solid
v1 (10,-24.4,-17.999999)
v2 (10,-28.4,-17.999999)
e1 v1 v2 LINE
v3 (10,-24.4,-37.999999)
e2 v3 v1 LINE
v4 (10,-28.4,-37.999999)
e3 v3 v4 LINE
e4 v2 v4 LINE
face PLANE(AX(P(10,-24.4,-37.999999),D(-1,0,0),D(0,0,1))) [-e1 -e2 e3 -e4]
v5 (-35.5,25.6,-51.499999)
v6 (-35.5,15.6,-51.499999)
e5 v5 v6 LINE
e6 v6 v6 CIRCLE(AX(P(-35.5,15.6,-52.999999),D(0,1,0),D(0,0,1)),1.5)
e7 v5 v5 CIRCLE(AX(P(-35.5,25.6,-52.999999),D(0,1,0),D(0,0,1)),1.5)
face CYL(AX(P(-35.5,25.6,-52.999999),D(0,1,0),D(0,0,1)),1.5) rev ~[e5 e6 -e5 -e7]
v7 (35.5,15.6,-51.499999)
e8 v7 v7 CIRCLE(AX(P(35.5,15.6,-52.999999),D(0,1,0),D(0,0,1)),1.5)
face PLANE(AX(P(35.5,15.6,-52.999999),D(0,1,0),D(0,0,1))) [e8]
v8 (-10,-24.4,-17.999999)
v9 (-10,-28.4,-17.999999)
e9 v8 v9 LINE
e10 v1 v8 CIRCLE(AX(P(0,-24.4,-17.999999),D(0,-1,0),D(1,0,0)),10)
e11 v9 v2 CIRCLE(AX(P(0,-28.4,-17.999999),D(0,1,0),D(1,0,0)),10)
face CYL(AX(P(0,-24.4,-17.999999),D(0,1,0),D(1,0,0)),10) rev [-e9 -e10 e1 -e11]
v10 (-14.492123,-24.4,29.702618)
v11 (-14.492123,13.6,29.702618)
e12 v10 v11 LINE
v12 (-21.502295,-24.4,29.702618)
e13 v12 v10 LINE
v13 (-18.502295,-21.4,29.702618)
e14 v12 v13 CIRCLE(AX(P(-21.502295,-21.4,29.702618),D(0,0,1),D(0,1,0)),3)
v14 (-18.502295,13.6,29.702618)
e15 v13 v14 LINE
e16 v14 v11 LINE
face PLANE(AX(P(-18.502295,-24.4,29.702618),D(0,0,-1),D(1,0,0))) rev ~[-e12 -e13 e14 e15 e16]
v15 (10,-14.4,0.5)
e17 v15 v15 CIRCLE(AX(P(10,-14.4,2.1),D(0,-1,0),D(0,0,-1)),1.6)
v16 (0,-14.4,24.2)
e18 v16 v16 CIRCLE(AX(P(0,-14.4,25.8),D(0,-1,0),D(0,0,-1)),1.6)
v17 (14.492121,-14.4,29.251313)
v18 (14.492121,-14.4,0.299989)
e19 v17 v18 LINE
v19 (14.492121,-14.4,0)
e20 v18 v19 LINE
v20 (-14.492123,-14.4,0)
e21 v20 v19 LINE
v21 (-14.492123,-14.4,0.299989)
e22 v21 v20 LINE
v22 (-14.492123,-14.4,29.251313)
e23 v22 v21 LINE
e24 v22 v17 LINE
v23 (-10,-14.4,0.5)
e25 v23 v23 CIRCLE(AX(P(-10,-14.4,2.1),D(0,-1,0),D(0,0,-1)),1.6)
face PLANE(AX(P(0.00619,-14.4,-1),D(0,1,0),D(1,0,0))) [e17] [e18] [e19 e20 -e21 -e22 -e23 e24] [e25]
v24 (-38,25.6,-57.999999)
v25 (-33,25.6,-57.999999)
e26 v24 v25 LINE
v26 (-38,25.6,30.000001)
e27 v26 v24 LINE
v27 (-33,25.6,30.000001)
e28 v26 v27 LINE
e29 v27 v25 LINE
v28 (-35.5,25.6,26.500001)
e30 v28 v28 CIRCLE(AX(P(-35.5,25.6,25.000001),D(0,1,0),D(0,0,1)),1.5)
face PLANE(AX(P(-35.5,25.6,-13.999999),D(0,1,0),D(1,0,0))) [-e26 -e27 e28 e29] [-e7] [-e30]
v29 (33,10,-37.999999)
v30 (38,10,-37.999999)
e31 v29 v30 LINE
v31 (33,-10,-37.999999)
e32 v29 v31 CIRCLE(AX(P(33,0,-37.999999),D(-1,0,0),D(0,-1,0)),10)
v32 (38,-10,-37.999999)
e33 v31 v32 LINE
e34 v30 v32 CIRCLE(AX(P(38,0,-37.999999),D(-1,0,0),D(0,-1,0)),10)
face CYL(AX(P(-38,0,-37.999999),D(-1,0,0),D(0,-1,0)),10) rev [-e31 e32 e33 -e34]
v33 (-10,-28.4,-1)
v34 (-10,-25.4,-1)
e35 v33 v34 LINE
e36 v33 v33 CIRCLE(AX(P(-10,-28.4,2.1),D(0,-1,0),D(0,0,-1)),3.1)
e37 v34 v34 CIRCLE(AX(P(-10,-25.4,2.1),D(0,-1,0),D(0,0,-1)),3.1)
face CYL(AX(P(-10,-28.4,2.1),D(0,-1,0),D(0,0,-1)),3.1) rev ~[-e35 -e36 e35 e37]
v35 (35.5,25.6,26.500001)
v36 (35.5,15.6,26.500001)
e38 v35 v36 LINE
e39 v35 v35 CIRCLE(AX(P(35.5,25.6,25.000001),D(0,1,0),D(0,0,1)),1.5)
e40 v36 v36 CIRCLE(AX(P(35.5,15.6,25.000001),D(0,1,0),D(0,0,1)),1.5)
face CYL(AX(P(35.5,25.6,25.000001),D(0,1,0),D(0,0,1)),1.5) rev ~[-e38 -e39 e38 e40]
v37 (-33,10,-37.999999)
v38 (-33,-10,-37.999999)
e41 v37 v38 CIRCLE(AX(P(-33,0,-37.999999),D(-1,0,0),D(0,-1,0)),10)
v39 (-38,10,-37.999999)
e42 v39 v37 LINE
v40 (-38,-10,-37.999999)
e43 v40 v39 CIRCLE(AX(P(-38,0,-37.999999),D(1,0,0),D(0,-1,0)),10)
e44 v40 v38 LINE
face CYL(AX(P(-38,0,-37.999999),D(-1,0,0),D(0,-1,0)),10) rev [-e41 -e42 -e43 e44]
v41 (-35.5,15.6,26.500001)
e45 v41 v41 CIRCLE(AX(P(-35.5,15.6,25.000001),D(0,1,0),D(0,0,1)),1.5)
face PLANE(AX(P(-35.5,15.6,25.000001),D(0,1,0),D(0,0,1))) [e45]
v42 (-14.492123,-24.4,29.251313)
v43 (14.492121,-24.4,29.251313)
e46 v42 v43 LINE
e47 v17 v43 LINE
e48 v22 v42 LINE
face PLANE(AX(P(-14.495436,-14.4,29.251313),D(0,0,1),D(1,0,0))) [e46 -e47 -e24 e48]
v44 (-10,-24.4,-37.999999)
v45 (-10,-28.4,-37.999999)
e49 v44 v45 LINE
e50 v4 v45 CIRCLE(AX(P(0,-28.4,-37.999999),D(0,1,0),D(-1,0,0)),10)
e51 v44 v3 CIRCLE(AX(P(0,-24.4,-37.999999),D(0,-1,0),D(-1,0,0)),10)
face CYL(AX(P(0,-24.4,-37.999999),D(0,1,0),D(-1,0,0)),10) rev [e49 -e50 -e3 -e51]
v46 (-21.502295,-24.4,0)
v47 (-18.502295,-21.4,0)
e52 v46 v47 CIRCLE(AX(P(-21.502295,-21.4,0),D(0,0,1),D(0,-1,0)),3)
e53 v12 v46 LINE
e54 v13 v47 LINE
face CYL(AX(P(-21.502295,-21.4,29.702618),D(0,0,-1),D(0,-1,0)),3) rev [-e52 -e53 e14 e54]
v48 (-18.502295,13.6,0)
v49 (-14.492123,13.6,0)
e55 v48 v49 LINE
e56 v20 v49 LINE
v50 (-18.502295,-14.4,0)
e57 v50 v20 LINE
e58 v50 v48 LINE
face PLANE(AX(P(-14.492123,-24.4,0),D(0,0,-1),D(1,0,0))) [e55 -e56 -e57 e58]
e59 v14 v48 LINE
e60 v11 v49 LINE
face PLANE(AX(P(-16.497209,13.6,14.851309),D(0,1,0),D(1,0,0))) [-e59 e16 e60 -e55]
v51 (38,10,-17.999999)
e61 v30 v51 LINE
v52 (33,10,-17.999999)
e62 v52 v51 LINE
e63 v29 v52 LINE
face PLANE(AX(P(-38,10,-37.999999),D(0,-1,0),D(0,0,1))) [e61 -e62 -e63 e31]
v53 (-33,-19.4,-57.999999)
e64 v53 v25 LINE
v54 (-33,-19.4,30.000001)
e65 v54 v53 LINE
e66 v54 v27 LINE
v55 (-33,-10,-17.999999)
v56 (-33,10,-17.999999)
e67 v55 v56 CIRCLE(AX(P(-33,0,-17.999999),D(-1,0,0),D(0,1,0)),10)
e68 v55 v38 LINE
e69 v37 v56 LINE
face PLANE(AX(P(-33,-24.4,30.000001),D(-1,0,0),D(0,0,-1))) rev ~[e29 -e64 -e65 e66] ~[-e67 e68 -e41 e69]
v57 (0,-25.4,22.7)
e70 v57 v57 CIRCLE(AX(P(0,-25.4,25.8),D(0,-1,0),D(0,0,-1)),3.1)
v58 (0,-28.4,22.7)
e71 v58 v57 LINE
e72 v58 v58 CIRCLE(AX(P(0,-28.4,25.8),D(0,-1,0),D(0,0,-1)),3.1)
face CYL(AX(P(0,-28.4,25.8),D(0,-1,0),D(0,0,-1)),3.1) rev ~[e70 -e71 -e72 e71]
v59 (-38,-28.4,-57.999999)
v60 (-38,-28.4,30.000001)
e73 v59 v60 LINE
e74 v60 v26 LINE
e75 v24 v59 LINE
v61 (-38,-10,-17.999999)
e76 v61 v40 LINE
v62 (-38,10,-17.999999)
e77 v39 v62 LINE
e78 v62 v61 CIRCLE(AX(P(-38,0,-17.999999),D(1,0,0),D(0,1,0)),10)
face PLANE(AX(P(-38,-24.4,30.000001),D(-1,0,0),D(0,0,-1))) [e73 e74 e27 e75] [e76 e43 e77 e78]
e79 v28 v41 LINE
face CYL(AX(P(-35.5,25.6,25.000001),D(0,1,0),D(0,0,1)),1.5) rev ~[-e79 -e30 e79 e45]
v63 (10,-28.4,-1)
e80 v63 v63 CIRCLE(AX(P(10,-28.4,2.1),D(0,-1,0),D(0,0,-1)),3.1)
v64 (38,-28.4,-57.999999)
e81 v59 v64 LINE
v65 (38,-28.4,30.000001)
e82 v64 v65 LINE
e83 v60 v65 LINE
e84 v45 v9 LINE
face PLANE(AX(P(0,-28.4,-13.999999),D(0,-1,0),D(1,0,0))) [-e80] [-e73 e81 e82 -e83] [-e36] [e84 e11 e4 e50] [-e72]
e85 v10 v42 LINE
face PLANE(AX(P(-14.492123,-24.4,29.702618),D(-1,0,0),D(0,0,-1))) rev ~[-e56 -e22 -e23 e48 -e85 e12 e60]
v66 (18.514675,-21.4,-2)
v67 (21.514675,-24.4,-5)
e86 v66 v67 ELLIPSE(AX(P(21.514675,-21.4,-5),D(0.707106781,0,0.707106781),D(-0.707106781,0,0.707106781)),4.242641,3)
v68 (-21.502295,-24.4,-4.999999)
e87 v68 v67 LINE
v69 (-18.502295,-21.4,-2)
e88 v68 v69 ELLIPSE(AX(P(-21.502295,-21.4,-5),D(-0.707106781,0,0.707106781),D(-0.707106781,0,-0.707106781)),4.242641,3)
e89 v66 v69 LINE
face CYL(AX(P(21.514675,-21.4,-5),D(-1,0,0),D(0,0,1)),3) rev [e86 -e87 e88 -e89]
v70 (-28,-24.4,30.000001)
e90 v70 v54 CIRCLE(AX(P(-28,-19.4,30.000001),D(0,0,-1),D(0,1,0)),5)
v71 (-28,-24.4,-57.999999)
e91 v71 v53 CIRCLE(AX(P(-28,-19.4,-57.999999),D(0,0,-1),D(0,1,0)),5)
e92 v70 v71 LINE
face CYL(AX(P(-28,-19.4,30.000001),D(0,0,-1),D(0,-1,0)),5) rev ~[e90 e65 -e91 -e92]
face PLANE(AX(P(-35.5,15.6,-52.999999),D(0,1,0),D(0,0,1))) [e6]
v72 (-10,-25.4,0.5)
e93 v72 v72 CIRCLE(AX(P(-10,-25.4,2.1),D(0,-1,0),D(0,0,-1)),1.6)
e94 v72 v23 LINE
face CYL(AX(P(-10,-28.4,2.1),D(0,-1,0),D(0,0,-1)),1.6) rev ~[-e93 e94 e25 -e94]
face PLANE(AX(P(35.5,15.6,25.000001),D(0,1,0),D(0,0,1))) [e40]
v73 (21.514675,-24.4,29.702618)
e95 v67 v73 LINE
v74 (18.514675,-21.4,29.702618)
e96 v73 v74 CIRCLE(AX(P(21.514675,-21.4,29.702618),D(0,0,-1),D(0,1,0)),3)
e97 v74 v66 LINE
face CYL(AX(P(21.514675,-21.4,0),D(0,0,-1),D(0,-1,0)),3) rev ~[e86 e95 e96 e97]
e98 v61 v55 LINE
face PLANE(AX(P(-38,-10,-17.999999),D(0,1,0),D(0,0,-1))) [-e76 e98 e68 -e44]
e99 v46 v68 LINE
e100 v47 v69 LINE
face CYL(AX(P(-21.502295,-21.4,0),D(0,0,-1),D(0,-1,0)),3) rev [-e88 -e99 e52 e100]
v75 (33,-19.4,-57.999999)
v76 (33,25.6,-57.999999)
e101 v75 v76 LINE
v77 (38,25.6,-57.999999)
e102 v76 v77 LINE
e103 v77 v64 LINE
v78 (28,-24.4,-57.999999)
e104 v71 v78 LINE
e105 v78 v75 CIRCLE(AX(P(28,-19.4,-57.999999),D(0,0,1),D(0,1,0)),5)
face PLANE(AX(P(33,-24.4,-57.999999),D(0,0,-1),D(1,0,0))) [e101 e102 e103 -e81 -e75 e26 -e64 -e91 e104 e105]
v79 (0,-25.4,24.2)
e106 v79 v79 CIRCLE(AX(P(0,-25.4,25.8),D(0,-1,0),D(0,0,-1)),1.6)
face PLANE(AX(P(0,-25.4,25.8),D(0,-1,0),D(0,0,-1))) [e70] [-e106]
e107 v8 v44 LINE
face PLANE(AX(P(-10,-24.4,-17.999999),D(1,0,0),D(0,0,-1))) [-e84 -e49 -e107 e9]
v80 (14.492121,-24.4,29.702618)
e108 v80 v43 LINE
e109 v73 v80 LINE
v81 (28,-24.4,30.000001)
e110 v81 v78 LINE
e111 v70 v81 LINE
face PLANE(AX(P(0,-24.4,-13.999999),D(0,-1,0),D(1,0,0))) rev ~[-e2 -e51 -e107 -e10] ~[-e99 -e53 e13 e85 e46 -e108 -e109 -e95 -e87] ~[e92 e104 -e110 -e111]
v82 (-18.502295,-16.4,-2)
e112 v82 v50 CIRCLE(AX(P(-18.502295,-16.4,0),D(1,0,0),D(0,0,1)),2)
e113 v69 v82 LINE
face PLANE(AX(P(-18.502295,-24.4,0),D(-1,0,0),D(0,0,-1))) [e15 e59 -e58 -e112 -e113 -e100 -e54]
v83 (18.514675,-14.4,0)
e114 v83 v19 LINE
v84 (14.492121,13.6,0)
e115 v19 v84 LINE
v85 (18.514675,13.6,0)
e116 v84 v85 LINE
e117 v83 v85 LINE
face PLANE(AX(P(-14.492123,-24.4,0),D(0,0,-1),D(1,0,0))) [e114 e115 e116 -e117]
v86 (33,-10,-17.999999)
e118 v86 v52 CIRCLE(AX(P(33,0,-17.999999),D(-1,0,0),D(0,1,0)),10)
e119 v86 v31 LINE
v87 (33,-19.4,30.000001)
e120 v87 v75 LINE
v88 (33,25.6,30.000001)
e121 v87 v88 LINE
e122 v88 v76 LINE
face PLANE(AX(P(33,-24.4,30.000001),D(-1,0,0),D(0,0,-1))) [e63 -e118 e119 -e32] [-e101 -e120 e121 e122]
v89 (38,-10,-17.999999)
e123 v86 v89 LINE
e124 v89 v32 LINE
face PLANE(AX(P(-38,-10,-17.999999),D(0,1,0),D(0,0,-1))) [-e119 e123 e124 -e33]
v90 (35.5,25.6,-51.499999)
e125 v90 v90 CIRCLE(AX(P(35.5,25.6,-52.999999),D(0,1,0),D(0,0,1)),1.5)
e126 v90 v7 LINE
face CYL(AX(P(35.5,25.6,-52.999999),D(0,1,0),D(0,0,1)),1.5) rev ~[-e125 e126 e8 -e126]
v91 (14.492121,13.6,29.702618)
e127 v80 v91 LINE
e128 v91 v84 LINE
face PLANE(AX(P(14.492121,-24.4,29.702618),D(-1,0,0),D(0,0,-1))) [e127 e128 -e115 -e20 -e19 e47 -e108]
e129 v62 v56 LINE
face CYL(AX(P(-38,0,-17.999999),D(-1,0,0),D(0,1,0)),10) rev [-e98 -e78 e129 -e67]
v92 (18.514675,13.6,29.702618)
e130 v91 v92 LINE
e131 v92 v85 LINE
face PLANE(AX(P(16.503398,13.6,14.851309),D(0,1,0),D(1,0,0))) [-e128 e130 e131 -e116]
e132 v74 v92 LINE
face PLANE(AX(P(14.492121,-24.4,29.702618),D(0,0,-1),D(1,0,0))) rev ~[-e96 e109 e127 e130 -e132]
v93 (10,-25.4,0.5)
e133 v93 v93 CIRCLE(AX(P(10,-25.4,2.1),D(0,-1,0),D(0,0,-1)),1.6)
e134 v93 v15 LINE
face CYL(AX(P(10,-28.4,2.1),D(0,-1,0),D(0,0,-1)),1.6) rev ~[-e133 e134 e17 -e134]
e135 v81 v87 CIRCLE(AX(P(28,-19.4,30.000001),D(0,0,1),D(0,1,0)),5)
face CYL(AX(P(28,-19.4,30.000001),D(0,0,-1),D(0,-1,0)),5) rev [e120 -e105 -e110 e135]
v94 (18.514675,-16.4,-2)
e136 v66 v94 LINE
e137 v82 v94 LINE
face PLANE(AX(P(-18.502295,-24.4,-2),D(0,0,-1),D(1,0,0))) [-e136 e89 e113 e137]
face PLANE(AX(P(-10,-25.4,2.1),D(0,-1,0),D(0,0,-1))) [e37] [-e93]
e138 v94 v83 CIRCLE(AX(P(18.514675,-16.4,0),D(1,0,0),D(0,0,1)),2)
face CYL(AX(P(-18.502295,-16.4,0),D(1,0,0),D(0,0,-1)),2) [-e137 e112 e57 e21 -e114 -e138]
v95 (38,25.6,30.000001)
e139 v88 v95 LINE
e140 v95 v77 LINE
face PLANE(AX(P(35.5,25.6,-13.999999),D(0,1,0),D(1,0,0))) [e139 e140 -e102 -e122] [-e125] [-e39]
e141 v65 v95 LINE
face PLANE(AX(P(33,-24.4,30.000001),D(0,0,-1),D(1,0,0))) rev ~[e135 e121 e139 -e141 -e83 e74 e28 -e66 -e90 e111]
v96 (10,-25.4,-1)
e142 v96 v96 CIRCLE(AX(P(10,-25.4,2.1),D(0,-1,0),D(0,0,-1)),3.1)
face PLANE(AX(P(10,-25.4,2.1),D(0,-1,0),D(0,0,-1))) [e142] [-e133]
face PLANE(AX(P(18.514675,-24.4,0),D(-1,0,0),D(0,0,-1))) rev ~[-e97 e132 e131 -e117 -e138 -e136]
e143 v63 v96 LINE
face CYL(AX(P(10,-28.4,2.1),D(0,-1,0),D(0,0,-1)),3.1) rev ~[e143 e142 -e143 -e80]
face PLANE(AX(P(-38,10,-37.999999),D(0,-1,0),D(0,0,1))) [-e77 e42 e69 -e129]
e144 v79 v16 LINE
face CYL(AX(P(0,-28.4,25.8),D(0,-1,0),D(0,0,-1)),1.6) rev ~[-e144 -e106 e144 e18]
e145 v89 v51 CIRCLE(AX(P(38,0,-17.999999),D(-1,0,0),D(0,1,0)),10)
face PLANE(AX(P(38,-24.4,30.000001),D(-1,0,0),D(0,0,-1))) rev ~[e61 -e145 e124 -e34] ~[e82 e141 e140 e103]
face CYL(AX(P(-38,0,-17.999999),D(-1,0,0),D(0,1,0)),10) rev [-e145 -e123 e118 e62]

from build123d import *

# Parameters (mm, degrees)
SKETCH_6_W           = 28.99281841
SKETCH_6_H           = 28.951324053
EXTRUDE_2_DEPTH      = 10
SKETCH_8_W           = 76
SKETCH_8_H           = 88
EXTRUDE_3_DEPTH      = 4
SKETCH_4_R           = 1.55
CUT_EXTRUDE_2_DEPTH  = 15
SKETCH_5_R           = 1.55
CUT_EXTRUDE_3_DEPTH  = 15
SKETCH_10_W          = 4.022554567
SKETCH_10_H          = 29.702617941
EXTRUDE_9_DEPTH      = 38
SKETCH_11_W          = 4.010171553
SKETCH_11_H          = 29.702617961
EXTRUDE_10_DEPTH     = 38
SKETCH_14_W          = 5
SKETCH_14_H          = 88
EXTRUDE_14_DEPTH     = 50
SKETCH_15_W          = 5
SKETCH_15_H          = 88
EXTRUDE_15_DEPTH     = 50
SKETCH_21_R          = 1.4
CUT_EXTRUDE_8_DEPTH  = 8
CUT_EXTRUDE_9_DEPTH  = 80
CUT_EXTRUDE_11_DEPTH = 80
FILLET_1_R           = 5
FILLET_2_R           = 5
SKETCH_24_W          = 28.984243656
SKETCH_24_H          = 0.299988544
EXTRUDE_16_DEPTH     = 10
SKETCH_25_W          = 37.016969776
SKETCH_25_H          = 2
EXTRUDE_18_DEPTH     = 10
FILLET_7_R           = 2
FILLET_8_R           = 3
FILLET_9_R           = 3
FILLET_10_R          = 3
SKETCH_19_R          = 3.1
CUT_EXTRUDE_12_DEPTH = 3
SKETCH_27_R          = 1.5
CUT_EXTRUDE_13_DEPTH = 10
SKETCH_28_R          = 1.6
CUT_EXTRUDE_15_DEPTH = 15


with BuildPart() as part:
    # 草图6 → 凸台-拉伸2 (new body)
    with BuildSketch(Plane.XZ.offset(14.4)):
        with Locations((0.000972868, 14.775650571)):
            Rectangle(SKETCH_6_W, SKETCH_6_H)
    extrude(amount=EXTRUDE_2_DEPTH)

    # 草图8 → 凸台-拉伸3 (add)
    with BuildSketch(Plane.XZ.offset(24.4)):
        with Locations((1e-09, -13.999999049)):
            Rectangle(SKETCH_8_W, SKETCH_8_H)
    extrude(amount=EXTRUDE_3_DEPTH)

    # 草图4 → 切除-拉伸2 (cut)
    with BuildSketch(Plane.XZ.offset(14.4)):
        with Locations(Location((-10, 2.1, 0), (0, 0, 270))):
            Circle(SKETCH_4_R)
        with Locations(Location((10, 2.1, 0), (0, 0, 270))):
            Circle(SKETCH_4_R)
    extrude(amount=CUT_EXTRUDE_2_DEPTH, mode=Mode.SUBTRACT)

    # 草图5 → 切除-拉伸3 (cut)
    with BuildSketch(Plane.XZ.offset(14.4)):
        with Locations(Location((0, 25.8, 0), (0, 0, 270))):
            Circle(SKETCH_5_R)
    extrude(amount=CUT_EXTRUDE_3_DEPTH, mode=Mode.SUBTRACT)

    # 草图10 → 凸台-拉伸9 (add)
    with BuildSketch(Plane(origin=(0, -24.4, 0), x_dir=(1, 0, 0), z_dir=(0, 1, 0))):
        with Locations((16.503397967, -14.851308971)):
            Rectangle(SKETCH_10_W, SKETCH_10_H)
    extrude(amount=EXTRUDE_9_DEPTH)

    # 草图11 → 凸台-拉伸10 (add)
    with BuildSketch(Plane(origin=(0, -24.4, 0), x_dir=(1, 0, 0), z_dir=(0, 1, 0))):
        with Locations((-16.497208749, -14.851308981)):
            Rectangle(SKETCH_11_W, SKETCH_11_H)
    extrude(amount=EXTRUDE_10_DEPTH)

    # 草图14 → 凸台-拉伸14 (add)
    with BuildSketch(Plane(origin=(0, -24.4, 0), x_dir=(1, 0, 0), z_dir=(0, 1, 0))):
        with Locations((-35.499999999, 13.999999049)):
            Rectangle(SKETCH_14_W, SKETCH_14_H)
    extrude(amount=EXTRUDE_14_DEPTH)

    # 草图15 → 凸台-拉伸15 (add)
    with BuildSketch(Plane(origin=(0, -24.4, 0), x_dir=(1, 0, 0), z_dir=(0, 1, 0))):
        with Locations((35.500000001, 13.999999049)):
            Rectangle(SKETCH_15_W, SKETCH_15_H)
    extrude(amount=EXTRUDE_15_DEPTH)

    # 草图21 → 切除-拉伸8 (cut)
    with BuildSketch(Plane(origin=(0, 25.6, 0), x_dir=(1, 0, 0), z_dir=(0, 1, 0))):
        with Locations(Location((-35.499999999, 52.999999049, 0), (0, 0, 270))):
            Circle(SKETCH_21_R)
        with Locations(Location((-35.499999999, -25.000000951, 0), (0, 0, 270))):
            Circle(SKETCH_21_R)
        with Locations(Location((35.500000001, 52.999999049, 0), (0, 0, 270))):
            Circle(SKETCH_21_R)
        with Locations(Location((35.500000001, -25.000000951, 0), (0, 0, 270))):
            Circle(SKETCH_21_R)
    extrude(amount=-CUT_EXTRUDE_8_DEPTH, mode=Mode.SUBTRACT)

    # 草图22 → 切除-拉伸9 (cut)
    with BuildSketch(Plane.ZY.offset(37.999999999)):
        with BuildLine():
            Line((-37.999999049, 10), (-17.999999049, 10))
            ThreePointArc((-17.999999049, 10), (-7.999999049, 0), (-17.999999049, -10))
            Line((-17.999999049, -10), (-37.999999049, -10))
            ThreePointArc((-37.999999049, -10), (-47.999999049, 0), (-37.999999049, 10))
        make_face()
    extrude(amount=-CUT_EXTRUDE_9_DEPTH, mode=Mode.SUBTRACT)

    # 草图23 → 切除-拉伸11 (cut)
    with BuildSketch(Plane(origin=(0, -24.4, 0), x_dir=(1, 0, 0), z_dir=(0, 1, 0))):
        with BuildLine():
            Line((10, 37.999999049), (10, 17.999999049))
            ThreePointArc((10, 17.999999049), (0, 7.999999049), (-10, 17.999999049))
            Line((-10, 17.999999049), (-10, 37.999999049))
            ThreePointArc((-10, 37.999999049), (0, 47.999999049), (10, 37.999999049))
        make_face()
    extrude(amount=-CUT_EXTRUDE_11_DEPTH, mode=Mode.SUBTRACT)

    # 圆角1
    fillet_1_edges = [part.edges().sort_by_distance(p)[0] for p in [
        (-32.999999999, -24.4, -13.999999049),
    ]]
    fillet(fillet_1_edges, radius=FILLET_1_R)

    # 圆角2
    fillet_2_edges = [part.edges().sort_by_distance(p)[0] for p in [
        (33.000000001, -24.4, -13.999999049),
    ]]
    fillet(fillet_2_edges, radius=FILLET_2_R)

    # 草图24 → 凸台-拉伸16 (add)
    with BuildSketch(Plane(origin=(0, -24.4, 0), x_dir=(1, 0, 0), z_dir=(0, 1, 0))):
        with Locations((-1.144e-06, -0.149994272)):
            Rectangle(SKETCH_24_W, SKETCH_24_H)
    extrude(amount=EXTRUDE_16_DEPTH)

    # 草图25 → 凸台-拉伸18 (add)
    with BuildSketch(Plane(origin=(0, -24.4, 0), x_dir=(1, 0, 0), z_dir=(0, 1, 0))):
        with Locations((0.006190363, 1)):
            Rectangle(SKETCH_25_W, SKETCH_25_H)
    extrude(amount=EXTRUDE_18_DEPTH)

    # 圆角7
    fillet_7_edges = [part.edges().sort_by_distance(p)[0] for p in [
        (0.006190363, -14.4, -2),
    ]]
    fillet(fillet_7_edges, radius=FILLET_7_R)

    # 圆角8
    fillet_8_edges = [part.edges().sort_by_distance(p)[0] for p in [
        (18.514675251, -24.4, 13.85130897),
    ]]
    fillet(fillet_8_edges, radius=FILLET_8_R)

    # 圆角9
    fillet_9_edges = [part.edges().sort_by_distance(p)[0] for p in [
        (1.506190363, -24.4, -2),
    ]]
    fillet(fillet_9_edges, radius=FILLET_9_R)

    # 圆角10
    fillet_10_edges = [part.edges().sort_by_distance(p)[0] for p in [
        (-18.502294525, -24.4, 12.35130898),
    ]]
    fillet(fillet_10_edges, radius=FILLET_10_R)

    # 草图19 → 切除-拉伸12 (cut)
    with BuildSketch(Plane.XZ.offset(28.4)):
        with Locations(Location((0, 25.8, 0), (0, 0, 270))):
            Circle(SKETCH_19_R)
        with Locations(Location((-10, 2.1, 0), (0, 0, 270))):
            Circle(SKETCH_19_R)
        with Locations(Location((10, 2.1, 0), (0, 0, 270))):
            Circle(SKETCH_19_R)
    extrude(amount=-CUT_EXTRUDE_12_DEPTH, mode=Mode.SUBTRACT)

    # 草图27 → 切除-拉伸13 (cut)
    with BuildSketch(Plane(origin=(0, 25.6, 0), x_dir=(1, 0, 0), z_dir=(0, 1, 0))):
        with Locations(Location((35.500000001, 52.999999049, 0), (0, 0, 270))):
            Circle(SKETCH_27_R)
        with Locations(Location((-35.499999999, 52.999999049, 0), (0, 0, 270))):
            Circle(SKETCH_27_R)
        with Locations(Location((-35.499999999, -25.000000951, 0), (0, 0, 270))):
            Circle(SKETCH_27_R)
        with Locations(Location((35.500000001, -25.000000951, 0), (0, 0, 270))):
            Circle(SKETCH_27_R)
    extrude(amount=-CUT_EXTRUDE_13_DEPTH, mode=Mode.SUBTRACT)

    # 草图28 → 切除-拉伸15 (cut)
    with BuildSketch(Plane.XZ.offset(28.4)):
        with Locations(Location((-10, 2.1, 0), (0, 0, 270))):
            Circle(SKETCH_28_R)
        with Locations(Location((10, 2.1, 0), (0, 0, 270))):
            Circle(SKETCH_28_R)
        with Locations(Location((0, 25.8, 0), (0, 0, 270))):
            Circle(SKETCH_28_R)
    extrude(amount=-CUT_EXTRUDE_15_DEPTH, mode=Mode.SUBTRACT)


solid = part.part
